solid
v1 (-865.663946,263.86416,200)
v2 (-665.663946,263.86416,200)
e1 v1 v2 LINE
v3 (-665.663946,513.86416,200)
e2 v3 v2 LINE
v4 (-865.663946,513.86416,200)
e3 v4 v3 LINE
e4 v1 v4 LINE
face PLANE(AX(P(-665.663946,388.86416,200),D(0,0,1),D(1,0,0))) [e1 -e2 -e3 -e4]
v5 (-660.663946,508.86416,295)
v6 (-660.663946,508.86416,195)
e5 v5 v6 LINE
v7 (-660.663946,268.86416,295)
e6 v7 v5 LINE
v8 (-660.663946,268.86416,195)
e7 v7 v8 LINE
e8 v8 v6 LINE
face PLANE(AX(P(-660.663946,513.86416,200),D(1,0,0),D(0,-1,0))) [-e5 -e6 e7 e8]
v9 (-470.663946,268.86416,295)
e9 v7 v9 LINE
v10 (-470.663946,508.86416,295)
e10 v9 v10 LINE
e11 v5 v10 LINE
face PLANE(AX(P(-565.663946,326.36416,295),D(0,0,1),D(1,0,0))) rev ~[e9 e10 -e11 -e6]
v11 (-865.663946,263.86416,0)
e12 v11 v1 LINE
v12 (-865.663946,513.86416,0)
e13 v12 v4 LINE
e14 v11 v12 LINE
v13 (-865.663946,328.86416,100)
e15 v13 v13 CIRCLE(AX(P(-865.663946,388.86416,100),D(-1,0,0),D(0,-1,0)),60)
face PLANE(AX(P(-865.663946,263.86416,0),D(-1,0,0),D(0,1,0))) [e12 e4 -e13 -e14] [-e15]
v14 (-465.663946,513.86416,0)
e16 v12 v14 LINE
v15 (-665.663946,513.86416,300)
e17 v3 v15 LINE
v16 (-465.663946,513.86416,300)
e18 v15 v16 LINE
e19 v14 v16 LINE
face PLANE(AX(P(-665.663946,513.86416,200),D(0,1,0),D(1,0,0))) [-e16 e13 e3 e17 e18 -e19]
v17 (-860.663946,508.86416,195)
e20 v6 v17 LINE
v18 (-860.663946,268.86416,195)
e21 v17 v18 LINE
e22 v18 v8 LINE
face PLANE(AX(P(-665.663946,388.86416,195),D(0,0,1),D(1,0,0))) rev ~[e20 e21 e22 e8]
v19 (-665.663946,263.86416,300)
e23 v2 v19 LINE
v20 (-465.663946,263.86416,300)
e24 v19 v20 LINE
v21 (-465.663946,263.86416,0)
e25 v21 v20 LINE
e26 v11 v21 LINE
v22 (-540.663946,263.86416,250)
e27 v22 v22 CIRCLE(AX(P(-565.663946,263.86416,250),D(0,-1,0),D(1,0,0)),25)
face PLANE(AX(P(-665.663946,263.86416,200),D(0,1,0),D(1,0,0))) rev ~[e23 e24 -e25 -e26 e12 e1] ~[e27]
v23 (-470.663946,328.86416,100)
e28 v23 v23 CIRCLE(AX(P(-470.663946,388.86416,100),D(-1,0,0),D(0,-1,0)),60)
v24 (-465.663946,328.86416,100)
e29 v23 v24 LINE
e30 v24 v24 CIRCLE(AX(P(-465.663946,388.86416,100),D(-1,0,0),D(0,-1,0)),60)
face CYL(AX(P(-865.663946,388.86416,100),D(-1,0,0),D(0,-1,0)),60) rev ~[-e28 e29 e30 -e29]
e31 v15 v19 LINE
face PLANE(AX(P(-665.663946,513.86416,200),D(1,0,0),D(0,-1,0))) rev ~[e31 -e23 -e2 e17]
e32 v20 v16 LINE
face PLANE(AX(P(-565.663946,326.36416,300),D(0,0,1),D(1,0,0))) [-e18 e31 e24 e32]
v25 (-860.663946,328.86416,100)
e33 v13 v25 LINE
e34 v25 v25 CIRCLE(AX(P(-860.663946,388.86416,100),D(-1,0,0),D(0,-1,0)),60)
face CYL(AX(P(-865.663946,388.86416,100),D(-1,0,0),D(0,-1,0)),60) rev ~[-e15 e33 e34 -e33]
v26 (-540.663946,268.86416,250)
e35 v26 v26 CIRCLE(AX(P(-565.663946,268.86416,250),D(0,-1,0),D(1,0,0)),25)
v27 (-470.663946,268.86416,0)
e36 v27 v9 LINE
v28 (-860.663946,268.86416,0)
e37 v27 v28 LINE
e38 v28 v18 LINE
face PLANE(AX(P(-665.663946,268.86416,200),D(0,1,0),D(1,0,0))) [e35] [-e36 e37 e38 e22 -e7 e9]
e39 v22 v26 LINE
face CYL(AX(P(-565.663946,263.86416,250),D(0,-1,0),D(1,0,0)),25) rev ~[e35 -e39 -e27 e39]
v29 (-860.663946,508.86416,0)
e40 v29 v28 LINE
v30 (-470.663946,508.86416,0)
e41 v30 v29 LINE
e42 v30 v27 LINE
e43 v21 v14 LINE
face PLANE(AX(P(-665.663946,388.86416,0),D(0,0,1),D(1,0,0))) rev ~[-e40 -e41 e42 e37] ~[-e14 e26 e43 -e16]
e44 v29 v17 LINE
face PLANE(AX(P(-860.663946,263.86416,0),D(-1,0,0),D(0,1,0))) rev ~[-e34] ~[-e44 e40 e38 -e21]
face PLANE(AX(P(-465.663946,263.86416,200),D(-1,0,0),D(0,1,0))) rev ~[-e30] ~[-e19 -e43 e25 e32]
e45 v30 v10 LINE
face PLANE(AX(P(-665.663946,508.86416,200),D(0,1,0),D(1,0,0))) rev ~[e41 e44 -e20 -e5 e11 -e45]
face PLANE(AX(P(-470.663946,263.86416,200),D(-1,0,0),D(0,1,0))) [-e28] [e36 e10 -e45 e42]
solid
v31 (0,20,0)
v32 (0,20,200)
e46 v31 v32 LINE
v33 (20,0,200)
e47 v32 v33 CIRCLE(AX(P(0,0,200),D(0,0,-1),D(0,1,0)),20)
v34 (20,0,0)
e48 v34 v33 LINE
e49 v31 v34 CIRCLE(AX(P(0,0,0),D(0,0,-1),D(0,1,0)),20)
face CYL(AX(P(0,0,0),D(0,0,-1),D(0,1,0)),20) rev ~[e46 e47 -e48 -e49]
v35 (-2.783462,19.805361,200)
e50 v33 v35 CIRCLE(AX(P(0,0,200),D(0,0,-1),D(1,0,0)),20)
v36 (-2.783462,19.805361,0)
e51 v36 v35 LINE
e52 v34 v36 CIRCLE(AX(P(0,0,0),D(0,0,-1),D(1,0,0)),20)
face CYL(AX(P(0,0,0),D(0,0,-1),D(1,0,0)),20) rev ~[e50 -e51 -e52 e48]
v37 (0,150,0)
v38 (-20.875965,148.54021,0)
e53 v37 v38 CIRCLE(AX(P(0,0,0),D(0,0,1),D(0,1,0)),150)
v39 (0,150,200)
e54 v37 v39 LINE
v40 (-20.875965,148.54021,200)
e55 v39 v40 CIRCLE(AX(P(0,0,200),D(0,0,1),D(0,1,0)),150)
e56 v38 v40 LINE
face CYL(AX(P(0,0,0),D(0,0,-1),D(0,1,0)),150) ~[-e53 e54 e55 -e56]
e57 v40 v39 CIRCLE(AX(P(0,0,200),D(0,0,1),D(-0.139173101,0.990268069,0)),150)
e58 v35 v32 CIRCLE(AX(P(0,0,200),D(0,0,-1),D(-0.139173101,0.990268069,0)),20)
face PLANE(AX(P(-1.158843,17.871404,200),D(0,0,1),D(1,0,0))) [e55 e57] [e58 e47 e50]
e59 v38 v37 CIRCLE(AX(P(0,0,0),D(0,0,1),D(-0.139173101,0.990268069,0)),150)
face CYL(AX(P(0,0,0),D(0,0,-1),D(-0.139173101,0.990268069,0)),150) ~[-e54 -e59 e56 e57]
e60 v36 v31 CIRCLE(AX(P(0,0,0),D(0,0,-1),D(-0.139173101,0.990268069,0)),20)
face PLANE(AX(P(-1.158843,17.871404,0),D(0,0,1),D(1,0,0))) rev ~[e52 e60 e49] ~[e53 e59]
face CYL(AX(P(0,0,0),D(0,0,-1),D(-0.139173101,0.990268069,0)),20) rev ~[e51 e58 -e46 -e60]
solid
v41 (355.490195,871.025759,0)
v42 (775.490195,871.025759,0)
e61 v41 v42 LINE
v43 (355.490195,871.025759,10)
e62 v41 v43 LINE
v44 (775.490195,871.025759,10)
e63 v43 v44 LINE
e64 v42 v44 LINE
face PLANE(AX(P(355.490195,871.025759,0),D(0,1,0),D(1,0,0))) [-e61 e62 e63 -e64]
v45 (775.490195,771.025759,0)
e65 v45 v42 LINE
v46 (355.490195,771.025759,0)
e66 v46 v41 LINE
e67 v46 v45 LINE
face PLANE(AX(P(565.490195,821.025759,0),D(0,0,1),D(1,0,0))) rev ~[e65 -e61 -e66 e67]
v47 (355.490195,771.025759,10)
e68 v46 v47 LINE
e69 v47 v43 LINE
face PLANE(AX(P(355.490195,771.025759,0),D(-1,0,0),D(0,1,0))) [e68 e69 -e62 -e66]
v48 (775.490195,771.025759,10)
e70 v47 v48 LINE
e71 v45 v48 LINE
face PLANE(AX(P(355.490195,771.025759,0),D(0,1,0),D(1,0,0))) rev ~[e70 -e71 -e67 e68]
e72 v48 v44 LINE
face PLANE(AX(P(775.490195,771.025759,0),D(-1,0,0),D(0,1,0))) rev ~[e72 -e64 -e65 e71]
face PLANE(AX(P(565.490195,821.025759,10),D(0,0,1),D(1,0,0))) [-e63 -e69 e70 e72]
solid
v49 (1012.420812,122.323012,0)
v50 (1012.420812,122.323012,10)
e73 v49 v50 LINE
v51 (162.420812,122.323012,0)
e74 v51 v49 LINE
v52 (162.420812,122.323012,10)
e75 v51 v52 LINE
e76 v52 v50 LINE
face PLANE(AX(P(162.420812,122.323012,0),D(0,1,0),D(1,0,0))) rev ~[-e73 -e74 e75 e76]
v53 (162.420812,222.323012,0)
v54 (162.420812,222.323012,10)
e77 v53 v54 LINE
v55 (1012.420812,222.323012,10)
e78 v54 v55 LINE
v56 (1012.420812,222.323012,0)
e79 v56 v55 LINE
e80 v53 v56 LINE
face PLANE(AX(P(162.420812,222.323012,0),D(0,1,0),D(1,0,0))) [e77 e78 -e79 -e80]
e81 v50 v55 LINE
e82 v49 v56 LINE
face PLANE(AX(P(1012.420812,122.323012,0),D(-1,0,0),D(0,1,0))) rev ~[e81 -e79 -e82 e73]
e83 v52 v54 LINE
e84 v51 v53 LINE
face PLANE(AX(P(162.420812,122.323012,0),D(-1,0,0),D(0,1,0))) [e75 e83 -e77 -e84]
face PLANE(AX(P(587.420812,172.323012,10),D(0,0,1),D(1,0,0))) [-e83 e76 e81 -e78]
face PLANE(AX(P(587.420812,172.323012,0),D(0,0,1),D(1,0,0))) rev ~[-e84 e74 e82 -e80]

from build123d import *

# Parameters (mm, degrees)
F1_DEPTH  = 200
F2_W      = 850
F2_H      = 100
F3_DEPTH  = 10
F5_W      = 400
F5_H      = 250
F6_DEPTH  = 200
F7_W      = 200
F7_H      = 125
F8_DEPTH  = 100
F10_T     = -5
F9_R      = 60
F11_DEPTH = 1878.0857579241
F12_R     = 25
F13_DEPTH = 25
F14_W     = 420
F14_H     = 100
F15_DEPTH = 10


with BuildPart() as f1:
    # F0 (on Top) → F1 (new body)
    with BuildSketch(Plane.XY):
        with BuildLine():
            ThreePointArc((-20.875965144, 148.5402103112), (-98.4088543486, -113.2064370334), (150, 0))
            ThreePointArc((150, 0), (106.066017178, 106.066017178), (0, 150))
            Line((0, 150), (0, 20))
            ThreePointArc((0, 20), (14.1421356237, 14.1421356237), (20, 0))
            ThreePointArc((20, 0), (-13.1211805798, -15.0941916045), (-2.7834620192, 19.8053613748))
            Line((-2.7834620192, 19.8053613748), (-20.875965144, 148.5402103112))
        make_face()
        with BuildLine():
            Line((0, 20), (0, 150))
            ThreePointArc((0, 150), (-10.4634710616, 149.634607539), (-20.875965144, 148.5402103112))
            Line((-20.875965144, 148.5402103112), (-2.7834620192, 19.8053613748))
            ThreePointArc((-2.7834620192, 19.8053613748), (-1.3951294749, 19.9512810052), (0, 20))
        make_face()
    extrude(amount=F1_DEPTH)


with BuildPart() as f3:
    # F2 (on Top) → F3 (new body)
    with BuildSketch(Plane.XY):
        with Locations((587.4208122492, 172.323012268)):
            Rectangle(F2_W, F2_H)
    extrude(amount=F3_DEPTH)


with BuildPart() as f6:
    # F5 (on Top) → F6 (new body)
    with BuildSketch(Plane.XY):
        with Locations((-665.6639456749, 388.864159584)):
            Rectangle(F5_W, F5_H)
    extrude(amount=F6_DEPTH)

    # F7 (on face) → F8 (join)
    with BuildSketch(Plane.XY.offset(200)):
        with Locations((-565.6639456749, 326.364159584)):
            Rectangle(F7_W, F7_H)
        with Locations((-565.6639456749, 451.364159584)):
            Rectangle(F7_W, F7_H)
    extrude(amount=F8_DEPTH)

    # F10
    f10_openings = [f6.faces().sort_by_distance(p)[0] for p in [
        (-665.663946, 388.86416, 0),
    ]]
    offset(amount=F10_T, openings=f10_openings, kind=Kind.INTERSECTION)

    # F9 (on face) → F11 (cut, through all)
    with BuildSketch(Plane(origin=(-865.6639456749, 0, 0), x_dir=(0, -1, 0), z_dir=(-1, 0, 0))):
        with Locations((-388.864159584, 100)):
            Circle(F9_R)
    extrude(amount=-F11_DEPTH, mode=Mode.SUBTRACT)

    # F12 (on face) → F13 (cut)
    with BuildSketch(Plane.XZ.offset(-263.864159584)):
        with Locations((-565.6639456749, 250)):
            Circle(F12_R)
    extrude(amount=-F13_DEPTH, mode=Mode.SUBTRACT)


with BuildPart() as f15:
    # F14 (on Top) → F15 (new body)
    with BuildSketch(Plane.XY):
        with Locations((565.4901950922, 821.0257589817)):
            Rectangle(F14_W, F14_H)
    extrude(amount=F15_DEPTH)


solid = Compound([f1.part, f3.part, f6.part, f15.part])
